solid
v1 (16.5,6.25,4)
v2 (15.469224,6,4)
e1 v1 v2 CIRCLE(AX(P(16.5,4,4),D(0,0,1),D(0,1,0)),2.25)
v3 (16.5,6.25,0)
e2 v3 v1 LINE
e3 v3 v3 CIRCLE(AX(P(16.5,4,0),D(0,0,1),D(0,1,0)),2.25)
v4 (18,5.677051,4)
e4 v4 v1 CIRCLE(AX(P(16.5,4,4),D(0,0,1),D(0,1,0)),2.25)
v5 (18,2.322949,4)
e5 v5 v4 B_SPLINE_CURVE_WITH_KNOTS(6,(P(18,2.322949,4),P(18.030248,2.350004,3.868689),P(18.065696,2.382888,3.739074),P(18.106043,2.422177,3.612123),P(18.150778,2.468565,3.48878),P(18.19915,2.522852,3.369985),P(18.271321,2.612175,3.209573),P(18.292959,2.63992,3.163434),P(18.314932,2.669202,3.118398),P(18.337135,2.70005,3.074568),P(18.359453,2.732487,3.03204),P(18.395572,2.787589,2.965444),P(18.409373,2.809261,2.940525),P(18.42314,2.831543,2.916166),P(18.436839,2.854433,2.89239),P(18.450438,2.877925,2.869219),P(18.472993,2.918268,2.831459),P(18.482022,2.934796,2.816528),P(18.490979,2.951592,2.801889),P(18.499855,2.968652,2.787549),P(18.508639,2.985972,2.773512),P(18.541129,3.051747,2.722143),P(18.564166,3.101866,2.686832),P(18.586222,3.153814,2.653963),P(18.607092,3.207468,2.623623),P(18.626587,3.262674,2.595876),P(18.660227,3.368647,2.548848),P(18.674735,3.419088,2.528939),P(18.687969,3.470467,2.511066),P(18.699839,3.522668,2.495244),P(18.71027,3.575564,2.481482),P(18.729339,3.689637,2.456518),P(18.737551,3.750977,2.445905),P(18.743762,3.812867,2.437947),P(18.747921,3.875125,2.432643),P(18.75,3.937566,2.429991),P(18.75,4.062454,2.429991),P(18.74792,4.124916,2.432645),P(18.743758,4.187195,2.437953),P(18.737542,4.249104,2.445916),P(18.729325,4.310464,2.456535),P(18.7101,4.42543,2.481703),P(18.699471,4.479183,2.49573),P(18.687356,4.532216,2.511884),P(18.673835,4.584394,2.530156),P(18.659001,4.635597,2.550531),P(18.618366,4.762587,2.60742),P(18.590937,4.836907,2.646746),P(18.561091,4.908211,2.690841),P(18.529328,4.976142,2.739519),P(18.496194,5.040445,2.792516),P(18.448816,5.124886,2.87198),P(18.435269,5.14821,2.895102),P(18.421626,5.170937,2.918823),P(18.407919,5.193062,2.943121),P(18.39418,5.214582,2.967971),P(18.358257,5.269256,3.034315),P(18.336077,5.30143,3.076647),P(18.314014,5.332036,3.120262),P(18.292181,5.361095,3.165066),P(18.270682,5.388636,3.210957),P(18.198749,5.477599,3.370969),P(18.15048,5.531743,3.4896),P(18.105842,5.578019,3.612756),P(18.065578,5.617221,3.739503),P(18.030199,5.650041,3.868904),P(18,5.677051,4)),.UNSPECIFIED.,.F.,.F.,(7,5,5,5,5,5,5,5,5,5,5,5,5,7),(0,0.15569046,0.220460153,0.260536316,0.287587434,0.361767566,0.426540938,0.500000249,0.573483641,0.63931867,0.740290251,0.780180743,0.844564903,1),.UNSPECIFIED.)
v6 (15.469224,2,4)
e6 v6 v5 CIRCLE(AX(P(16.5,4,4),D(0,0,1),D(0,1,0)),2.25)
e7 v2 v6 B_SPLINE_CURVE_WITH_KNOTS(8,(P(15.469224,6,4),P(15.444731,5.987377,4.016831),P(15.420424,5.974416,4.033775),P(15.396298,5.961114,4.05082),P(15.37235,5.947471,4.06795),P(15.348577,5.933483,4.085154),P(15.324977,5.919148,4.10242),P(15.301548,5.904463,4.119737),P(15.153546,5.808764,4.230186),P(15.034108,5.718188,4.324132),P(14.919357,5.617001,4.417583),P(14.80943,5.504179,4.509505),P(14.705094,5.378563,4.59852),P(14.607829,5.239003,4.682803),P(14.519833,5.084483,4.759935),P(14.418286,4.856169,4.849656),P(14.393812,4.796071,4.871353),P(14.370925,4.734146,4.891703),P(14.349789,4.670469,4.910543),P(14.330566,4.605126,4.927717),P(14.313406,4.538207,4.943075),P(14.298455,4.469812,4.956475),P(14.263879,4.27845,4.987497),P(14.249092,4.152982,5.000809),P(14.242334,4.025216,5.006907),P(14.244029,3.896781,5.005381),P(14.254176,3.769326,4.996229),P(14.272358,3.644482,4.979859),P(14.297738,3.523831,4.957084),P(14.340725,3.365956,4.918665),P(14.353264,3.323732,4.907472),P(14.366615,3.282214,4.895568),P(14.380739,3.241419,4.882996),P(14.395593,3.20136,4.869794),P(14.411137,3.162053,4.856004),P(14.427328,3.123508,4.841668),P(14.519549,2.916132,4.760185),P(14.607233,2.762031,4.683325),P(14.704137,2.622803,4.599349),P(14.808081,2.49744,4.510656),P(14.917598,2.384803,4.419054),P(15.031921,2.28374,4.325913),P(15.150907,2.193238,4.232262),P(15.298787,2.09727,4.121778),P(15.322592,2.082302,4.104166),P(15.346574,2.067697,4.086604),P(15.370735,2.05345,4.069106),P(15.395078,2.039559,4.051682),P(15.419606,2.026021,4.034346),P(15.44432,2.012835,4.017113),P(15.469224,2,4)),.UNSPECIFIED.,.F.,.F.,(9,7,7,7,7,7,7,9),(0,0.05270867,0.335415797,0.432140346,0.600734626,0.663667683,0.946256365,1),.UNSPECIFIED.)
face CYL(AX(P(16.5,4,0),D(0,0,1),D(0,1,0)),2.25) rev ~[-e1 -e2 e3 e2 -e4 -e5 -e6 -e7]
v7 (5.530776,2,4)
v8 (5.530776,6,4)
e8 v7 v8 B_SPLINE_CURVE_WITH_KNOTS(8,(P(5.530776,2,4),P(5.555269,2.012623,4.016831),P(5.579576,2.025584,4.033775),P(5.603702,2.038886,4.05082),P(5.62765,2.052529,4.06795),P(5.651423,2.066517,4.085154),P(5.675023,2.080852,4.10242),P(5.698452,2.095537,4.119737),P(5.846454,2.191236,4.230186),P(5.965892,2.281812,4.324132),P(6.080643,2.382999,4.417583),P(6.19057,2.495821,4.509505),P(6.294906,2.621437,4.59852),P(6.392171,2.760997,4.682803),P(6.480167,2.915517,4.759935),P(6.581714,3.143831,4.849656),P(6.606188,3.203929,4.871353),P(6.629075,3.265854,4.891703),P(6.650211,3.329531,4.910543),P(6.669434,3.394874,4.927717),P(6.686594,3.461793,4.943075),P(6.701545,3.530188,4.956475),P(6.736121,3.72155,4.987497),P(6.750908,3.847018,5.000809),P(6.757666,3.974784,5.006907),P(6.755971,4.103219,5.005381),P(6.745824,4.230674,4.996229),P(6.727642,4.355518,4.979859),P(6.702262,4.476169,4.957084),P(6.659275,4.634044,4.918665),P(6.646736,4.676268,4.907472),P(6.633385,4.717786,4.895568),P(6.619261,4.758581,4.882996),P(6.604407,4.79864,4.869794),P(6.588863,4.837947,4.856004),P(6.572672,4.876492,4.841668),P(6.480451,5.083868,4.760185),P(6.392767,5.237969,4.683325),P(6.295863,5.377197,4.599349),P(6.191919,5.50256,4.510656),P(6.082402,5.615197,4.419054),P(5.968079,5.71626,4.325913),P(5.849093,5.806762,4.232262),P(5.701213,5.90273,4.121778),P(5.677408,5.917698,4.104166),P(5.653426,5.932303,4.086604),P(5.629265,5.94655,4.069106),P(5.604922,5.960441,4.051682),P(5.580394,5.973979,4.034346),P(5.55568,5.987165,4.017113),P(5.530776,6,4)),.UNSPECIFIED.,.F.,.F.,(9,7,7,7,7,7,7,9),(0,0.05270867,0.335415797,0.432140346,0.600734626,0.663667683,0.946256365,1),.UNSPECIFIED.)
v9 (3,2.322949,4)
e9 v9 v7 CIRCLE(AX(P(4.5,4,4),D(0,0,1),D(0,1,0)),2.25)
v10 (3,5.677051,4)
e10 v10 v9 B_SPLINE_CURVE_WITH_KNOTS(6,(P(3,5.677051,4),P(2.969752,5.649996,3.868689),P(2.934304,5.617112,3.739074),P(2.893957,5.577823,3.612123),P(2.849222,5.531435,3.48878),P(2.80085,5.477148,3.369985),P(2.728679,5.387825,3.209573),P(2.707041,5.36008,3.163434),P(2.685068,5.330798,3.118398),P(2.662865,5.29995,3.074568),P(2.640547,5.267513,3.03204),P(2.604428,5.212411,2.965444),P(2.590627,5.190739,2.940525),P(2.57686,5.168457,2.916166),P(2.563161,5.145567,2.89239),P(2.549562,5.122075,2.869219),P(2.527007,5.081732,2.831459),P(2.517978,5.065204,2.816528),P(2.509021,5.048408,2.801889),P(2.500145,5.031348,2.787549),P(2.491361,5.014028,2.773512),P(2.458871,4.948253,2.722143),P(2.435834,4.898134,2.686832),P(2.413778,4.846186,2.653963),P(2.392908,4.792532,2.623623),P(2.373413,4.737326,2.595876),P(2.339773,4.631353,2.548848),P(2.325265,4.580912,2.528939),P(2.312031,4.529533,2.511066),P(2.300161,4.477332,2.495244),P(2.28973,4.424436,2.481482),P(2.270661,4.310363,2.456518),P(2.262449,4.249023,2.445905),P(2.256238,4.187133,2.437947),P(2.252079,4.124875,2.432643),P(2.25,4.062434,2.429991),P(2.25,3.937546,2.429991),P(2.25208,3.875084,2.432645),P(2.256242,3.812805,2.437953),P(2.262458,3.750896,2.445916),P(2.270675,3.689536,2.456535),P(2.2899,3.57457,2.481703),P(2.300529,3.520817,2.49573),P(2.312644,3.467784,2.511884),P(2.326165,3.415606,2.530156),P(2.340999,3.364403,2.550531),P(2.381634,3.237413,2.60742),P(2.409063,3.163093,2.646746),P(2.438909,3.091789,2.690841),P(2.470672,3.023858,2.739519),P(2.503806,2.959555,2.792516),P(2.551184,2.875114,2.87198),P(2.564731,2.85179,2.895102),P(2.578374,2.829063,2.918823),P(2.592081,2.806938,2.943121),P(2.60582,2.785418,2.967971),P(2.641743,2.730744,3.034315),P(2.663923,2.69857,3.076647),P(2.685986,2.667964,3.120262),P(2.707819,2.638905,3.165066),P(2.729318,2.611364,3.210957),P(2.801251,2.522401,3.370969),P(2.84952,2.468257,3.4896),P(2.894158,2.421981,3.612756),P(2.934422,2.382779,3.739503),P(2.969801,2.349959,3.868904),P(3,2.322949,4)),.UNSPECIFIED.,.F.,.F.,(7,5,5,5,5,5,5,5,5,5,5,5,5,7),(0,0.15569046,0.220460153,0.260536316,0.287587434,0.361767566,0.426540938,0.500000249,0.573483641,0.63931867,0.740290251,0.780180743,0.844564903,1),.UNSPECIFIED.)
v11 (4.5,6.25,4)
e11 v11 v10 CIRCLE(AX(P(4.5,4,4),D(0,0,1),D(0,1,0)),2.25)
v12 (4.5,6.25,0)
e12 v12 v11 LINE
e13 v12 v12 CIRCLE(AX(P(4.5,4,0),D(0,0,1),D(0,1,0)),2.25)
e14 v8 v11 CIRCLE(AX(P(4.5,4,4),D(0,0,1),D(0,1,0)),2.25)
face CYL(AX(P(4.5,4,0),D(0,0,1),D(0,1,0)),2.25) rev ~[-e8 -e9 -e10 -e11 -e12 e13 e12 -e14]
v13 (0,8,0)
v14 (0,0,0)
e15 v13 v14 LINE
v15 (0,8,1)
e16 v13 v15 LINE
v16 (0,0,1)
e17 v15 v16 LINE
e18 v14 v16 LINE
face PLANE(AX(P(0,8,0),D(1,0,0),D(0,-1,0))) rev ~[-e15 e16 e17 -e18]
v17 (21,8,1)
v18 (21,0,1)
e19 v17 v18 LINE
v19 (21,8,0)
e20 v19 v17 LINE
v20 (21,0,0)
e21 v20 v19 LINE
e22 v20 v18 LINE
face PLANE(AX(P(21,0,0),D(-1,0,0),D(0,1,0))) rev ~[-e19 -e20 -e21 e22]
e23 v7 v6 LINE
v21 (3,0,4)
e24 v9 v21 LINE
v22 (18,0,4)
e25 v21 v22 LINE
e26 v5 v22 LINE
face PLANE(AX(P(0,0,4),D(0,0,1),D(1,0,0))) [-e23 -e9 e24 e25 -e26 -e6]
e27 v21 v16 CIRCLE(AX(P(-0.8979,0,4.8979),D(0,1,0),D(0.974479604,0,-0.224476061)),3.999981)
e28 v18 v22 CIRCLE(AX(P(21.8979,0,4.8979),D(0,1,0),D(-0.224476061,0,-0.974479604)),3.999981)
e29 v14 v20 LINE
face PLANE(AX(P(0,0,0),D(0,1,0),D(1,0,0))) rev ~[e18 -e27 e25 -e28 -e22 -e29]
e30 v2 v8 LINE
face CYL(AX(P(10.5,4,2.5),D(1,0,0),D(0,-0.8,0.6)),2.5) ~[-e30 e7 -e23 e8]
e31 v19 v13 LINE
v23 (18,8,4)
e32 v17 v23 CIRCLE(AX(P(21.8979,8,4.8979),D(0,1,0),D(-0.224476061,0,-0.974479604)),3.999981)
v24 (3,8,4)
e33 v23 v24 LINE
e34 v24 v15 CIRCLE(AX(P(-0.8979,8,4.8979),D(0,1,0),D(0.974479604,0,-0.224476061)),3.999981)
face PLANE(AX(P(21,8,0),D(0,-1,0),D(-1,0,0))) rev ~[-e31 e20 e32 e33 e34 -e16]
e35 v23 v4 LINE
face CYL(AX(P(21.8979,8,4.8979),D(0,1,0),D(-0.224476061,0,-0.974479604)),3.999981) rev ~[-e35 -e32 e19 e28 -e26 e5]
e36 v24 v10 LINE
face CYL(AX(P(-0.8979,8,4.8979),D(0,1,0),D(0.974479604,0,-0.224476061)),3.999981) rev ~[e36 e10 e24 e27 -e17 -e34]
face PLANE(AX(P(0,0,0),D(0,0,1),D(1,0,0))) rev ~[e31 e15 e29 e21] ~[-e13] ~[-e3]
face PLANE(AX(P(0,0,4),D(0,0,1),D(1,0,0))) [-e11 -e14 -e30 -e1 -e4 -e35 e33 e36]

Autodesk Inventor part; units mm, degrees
ref_plane "YZ Plane" through (0, 0, 0) normal (1, 0, 0) x (0, 1, 0)
ref_plane "XZ Plane" through (0, 0, 0) normal (0, 1, 0) x (-1, 0, 0)
sketch "Sketch1" plane through (0, 0, 0) normal (0, 0, 1) x (1, 0, 0)
  line L0 (0, 0) -> (21, 0)
  line L1 (21, 0) -> (21, 8)
  line L2 (21, 8) -> (0, 8)
  line L3 (0, 8) -> (0, 0)
  dimension "d0" = 21
  dimension "d1" = 8
extrude "Extrusion1" add sketch "Sketch1" along normal blind 4
sketch "Sketch2" plane through (0, 8, 0) normal (0, 1, 0) x (1, 0, 0)
  line L0 (0, 0) -> (0, -4) projected
  line L1 (0, -4) -> (21, -4) projected
  arc A0 (3, -4) -> (0, -1) centre (-0.8979, -4.8979) ccw
  line L2 (21, 0) -> (21, -4) projected
  arc A1 (21, -1) -> (18, -4) centre (21.8979, -4.8979) ccw
  dimension "d4" = 4
  dimension "d5" = 1
  dimension "d6" = 3
  dimension "d7" = 3
extrude "Extrusion2" cut sketch "Sketch2" against normal up to next
ref_plane "Work Plane2" through (10.5, 0, 0) normal (-1, 0, 0) x (0, 0, 1)
sketch "Sketch5" plane through (10.5, 0, 0) normal (-1, 0, 0) x (0, 0, 1)
  line L0 (4, 8) -> (4, 0) projected
  line L1 (4, 0) -> (4, 8) projected
  arc A0 (4, 2) -> (4, 6) centre (2.5, 4) ccw
  point P0 (0, 0)
  dimension "d25" = 2.5
  dimension "d26" = 1.5
  dimension "d27" = 4
extrude "Extrusion4" add sketch "Sketch5" along normal mid plane 12
sketch "Sketch3" plane through (0, 0, 0) normal (0, 0, -1) x (-1, 0, 0)
  line L0 (-21, 8) -> (0, 8) projected
  line L1 (-21, 0) -> (-21, 8) projected
  point P0 (-4.5, 4)
  point P1 (-16.5, 4)
  dimension "d10" = 12
  dimension "d11" = 4.5
  dimension "d12" = 4
hole "Hole1" at (4.5, 4, 0) at (16.5, 4, 0) direction (0, 0, 1) diameter 4.5 end through all
properties part number "Infill3DLever"
